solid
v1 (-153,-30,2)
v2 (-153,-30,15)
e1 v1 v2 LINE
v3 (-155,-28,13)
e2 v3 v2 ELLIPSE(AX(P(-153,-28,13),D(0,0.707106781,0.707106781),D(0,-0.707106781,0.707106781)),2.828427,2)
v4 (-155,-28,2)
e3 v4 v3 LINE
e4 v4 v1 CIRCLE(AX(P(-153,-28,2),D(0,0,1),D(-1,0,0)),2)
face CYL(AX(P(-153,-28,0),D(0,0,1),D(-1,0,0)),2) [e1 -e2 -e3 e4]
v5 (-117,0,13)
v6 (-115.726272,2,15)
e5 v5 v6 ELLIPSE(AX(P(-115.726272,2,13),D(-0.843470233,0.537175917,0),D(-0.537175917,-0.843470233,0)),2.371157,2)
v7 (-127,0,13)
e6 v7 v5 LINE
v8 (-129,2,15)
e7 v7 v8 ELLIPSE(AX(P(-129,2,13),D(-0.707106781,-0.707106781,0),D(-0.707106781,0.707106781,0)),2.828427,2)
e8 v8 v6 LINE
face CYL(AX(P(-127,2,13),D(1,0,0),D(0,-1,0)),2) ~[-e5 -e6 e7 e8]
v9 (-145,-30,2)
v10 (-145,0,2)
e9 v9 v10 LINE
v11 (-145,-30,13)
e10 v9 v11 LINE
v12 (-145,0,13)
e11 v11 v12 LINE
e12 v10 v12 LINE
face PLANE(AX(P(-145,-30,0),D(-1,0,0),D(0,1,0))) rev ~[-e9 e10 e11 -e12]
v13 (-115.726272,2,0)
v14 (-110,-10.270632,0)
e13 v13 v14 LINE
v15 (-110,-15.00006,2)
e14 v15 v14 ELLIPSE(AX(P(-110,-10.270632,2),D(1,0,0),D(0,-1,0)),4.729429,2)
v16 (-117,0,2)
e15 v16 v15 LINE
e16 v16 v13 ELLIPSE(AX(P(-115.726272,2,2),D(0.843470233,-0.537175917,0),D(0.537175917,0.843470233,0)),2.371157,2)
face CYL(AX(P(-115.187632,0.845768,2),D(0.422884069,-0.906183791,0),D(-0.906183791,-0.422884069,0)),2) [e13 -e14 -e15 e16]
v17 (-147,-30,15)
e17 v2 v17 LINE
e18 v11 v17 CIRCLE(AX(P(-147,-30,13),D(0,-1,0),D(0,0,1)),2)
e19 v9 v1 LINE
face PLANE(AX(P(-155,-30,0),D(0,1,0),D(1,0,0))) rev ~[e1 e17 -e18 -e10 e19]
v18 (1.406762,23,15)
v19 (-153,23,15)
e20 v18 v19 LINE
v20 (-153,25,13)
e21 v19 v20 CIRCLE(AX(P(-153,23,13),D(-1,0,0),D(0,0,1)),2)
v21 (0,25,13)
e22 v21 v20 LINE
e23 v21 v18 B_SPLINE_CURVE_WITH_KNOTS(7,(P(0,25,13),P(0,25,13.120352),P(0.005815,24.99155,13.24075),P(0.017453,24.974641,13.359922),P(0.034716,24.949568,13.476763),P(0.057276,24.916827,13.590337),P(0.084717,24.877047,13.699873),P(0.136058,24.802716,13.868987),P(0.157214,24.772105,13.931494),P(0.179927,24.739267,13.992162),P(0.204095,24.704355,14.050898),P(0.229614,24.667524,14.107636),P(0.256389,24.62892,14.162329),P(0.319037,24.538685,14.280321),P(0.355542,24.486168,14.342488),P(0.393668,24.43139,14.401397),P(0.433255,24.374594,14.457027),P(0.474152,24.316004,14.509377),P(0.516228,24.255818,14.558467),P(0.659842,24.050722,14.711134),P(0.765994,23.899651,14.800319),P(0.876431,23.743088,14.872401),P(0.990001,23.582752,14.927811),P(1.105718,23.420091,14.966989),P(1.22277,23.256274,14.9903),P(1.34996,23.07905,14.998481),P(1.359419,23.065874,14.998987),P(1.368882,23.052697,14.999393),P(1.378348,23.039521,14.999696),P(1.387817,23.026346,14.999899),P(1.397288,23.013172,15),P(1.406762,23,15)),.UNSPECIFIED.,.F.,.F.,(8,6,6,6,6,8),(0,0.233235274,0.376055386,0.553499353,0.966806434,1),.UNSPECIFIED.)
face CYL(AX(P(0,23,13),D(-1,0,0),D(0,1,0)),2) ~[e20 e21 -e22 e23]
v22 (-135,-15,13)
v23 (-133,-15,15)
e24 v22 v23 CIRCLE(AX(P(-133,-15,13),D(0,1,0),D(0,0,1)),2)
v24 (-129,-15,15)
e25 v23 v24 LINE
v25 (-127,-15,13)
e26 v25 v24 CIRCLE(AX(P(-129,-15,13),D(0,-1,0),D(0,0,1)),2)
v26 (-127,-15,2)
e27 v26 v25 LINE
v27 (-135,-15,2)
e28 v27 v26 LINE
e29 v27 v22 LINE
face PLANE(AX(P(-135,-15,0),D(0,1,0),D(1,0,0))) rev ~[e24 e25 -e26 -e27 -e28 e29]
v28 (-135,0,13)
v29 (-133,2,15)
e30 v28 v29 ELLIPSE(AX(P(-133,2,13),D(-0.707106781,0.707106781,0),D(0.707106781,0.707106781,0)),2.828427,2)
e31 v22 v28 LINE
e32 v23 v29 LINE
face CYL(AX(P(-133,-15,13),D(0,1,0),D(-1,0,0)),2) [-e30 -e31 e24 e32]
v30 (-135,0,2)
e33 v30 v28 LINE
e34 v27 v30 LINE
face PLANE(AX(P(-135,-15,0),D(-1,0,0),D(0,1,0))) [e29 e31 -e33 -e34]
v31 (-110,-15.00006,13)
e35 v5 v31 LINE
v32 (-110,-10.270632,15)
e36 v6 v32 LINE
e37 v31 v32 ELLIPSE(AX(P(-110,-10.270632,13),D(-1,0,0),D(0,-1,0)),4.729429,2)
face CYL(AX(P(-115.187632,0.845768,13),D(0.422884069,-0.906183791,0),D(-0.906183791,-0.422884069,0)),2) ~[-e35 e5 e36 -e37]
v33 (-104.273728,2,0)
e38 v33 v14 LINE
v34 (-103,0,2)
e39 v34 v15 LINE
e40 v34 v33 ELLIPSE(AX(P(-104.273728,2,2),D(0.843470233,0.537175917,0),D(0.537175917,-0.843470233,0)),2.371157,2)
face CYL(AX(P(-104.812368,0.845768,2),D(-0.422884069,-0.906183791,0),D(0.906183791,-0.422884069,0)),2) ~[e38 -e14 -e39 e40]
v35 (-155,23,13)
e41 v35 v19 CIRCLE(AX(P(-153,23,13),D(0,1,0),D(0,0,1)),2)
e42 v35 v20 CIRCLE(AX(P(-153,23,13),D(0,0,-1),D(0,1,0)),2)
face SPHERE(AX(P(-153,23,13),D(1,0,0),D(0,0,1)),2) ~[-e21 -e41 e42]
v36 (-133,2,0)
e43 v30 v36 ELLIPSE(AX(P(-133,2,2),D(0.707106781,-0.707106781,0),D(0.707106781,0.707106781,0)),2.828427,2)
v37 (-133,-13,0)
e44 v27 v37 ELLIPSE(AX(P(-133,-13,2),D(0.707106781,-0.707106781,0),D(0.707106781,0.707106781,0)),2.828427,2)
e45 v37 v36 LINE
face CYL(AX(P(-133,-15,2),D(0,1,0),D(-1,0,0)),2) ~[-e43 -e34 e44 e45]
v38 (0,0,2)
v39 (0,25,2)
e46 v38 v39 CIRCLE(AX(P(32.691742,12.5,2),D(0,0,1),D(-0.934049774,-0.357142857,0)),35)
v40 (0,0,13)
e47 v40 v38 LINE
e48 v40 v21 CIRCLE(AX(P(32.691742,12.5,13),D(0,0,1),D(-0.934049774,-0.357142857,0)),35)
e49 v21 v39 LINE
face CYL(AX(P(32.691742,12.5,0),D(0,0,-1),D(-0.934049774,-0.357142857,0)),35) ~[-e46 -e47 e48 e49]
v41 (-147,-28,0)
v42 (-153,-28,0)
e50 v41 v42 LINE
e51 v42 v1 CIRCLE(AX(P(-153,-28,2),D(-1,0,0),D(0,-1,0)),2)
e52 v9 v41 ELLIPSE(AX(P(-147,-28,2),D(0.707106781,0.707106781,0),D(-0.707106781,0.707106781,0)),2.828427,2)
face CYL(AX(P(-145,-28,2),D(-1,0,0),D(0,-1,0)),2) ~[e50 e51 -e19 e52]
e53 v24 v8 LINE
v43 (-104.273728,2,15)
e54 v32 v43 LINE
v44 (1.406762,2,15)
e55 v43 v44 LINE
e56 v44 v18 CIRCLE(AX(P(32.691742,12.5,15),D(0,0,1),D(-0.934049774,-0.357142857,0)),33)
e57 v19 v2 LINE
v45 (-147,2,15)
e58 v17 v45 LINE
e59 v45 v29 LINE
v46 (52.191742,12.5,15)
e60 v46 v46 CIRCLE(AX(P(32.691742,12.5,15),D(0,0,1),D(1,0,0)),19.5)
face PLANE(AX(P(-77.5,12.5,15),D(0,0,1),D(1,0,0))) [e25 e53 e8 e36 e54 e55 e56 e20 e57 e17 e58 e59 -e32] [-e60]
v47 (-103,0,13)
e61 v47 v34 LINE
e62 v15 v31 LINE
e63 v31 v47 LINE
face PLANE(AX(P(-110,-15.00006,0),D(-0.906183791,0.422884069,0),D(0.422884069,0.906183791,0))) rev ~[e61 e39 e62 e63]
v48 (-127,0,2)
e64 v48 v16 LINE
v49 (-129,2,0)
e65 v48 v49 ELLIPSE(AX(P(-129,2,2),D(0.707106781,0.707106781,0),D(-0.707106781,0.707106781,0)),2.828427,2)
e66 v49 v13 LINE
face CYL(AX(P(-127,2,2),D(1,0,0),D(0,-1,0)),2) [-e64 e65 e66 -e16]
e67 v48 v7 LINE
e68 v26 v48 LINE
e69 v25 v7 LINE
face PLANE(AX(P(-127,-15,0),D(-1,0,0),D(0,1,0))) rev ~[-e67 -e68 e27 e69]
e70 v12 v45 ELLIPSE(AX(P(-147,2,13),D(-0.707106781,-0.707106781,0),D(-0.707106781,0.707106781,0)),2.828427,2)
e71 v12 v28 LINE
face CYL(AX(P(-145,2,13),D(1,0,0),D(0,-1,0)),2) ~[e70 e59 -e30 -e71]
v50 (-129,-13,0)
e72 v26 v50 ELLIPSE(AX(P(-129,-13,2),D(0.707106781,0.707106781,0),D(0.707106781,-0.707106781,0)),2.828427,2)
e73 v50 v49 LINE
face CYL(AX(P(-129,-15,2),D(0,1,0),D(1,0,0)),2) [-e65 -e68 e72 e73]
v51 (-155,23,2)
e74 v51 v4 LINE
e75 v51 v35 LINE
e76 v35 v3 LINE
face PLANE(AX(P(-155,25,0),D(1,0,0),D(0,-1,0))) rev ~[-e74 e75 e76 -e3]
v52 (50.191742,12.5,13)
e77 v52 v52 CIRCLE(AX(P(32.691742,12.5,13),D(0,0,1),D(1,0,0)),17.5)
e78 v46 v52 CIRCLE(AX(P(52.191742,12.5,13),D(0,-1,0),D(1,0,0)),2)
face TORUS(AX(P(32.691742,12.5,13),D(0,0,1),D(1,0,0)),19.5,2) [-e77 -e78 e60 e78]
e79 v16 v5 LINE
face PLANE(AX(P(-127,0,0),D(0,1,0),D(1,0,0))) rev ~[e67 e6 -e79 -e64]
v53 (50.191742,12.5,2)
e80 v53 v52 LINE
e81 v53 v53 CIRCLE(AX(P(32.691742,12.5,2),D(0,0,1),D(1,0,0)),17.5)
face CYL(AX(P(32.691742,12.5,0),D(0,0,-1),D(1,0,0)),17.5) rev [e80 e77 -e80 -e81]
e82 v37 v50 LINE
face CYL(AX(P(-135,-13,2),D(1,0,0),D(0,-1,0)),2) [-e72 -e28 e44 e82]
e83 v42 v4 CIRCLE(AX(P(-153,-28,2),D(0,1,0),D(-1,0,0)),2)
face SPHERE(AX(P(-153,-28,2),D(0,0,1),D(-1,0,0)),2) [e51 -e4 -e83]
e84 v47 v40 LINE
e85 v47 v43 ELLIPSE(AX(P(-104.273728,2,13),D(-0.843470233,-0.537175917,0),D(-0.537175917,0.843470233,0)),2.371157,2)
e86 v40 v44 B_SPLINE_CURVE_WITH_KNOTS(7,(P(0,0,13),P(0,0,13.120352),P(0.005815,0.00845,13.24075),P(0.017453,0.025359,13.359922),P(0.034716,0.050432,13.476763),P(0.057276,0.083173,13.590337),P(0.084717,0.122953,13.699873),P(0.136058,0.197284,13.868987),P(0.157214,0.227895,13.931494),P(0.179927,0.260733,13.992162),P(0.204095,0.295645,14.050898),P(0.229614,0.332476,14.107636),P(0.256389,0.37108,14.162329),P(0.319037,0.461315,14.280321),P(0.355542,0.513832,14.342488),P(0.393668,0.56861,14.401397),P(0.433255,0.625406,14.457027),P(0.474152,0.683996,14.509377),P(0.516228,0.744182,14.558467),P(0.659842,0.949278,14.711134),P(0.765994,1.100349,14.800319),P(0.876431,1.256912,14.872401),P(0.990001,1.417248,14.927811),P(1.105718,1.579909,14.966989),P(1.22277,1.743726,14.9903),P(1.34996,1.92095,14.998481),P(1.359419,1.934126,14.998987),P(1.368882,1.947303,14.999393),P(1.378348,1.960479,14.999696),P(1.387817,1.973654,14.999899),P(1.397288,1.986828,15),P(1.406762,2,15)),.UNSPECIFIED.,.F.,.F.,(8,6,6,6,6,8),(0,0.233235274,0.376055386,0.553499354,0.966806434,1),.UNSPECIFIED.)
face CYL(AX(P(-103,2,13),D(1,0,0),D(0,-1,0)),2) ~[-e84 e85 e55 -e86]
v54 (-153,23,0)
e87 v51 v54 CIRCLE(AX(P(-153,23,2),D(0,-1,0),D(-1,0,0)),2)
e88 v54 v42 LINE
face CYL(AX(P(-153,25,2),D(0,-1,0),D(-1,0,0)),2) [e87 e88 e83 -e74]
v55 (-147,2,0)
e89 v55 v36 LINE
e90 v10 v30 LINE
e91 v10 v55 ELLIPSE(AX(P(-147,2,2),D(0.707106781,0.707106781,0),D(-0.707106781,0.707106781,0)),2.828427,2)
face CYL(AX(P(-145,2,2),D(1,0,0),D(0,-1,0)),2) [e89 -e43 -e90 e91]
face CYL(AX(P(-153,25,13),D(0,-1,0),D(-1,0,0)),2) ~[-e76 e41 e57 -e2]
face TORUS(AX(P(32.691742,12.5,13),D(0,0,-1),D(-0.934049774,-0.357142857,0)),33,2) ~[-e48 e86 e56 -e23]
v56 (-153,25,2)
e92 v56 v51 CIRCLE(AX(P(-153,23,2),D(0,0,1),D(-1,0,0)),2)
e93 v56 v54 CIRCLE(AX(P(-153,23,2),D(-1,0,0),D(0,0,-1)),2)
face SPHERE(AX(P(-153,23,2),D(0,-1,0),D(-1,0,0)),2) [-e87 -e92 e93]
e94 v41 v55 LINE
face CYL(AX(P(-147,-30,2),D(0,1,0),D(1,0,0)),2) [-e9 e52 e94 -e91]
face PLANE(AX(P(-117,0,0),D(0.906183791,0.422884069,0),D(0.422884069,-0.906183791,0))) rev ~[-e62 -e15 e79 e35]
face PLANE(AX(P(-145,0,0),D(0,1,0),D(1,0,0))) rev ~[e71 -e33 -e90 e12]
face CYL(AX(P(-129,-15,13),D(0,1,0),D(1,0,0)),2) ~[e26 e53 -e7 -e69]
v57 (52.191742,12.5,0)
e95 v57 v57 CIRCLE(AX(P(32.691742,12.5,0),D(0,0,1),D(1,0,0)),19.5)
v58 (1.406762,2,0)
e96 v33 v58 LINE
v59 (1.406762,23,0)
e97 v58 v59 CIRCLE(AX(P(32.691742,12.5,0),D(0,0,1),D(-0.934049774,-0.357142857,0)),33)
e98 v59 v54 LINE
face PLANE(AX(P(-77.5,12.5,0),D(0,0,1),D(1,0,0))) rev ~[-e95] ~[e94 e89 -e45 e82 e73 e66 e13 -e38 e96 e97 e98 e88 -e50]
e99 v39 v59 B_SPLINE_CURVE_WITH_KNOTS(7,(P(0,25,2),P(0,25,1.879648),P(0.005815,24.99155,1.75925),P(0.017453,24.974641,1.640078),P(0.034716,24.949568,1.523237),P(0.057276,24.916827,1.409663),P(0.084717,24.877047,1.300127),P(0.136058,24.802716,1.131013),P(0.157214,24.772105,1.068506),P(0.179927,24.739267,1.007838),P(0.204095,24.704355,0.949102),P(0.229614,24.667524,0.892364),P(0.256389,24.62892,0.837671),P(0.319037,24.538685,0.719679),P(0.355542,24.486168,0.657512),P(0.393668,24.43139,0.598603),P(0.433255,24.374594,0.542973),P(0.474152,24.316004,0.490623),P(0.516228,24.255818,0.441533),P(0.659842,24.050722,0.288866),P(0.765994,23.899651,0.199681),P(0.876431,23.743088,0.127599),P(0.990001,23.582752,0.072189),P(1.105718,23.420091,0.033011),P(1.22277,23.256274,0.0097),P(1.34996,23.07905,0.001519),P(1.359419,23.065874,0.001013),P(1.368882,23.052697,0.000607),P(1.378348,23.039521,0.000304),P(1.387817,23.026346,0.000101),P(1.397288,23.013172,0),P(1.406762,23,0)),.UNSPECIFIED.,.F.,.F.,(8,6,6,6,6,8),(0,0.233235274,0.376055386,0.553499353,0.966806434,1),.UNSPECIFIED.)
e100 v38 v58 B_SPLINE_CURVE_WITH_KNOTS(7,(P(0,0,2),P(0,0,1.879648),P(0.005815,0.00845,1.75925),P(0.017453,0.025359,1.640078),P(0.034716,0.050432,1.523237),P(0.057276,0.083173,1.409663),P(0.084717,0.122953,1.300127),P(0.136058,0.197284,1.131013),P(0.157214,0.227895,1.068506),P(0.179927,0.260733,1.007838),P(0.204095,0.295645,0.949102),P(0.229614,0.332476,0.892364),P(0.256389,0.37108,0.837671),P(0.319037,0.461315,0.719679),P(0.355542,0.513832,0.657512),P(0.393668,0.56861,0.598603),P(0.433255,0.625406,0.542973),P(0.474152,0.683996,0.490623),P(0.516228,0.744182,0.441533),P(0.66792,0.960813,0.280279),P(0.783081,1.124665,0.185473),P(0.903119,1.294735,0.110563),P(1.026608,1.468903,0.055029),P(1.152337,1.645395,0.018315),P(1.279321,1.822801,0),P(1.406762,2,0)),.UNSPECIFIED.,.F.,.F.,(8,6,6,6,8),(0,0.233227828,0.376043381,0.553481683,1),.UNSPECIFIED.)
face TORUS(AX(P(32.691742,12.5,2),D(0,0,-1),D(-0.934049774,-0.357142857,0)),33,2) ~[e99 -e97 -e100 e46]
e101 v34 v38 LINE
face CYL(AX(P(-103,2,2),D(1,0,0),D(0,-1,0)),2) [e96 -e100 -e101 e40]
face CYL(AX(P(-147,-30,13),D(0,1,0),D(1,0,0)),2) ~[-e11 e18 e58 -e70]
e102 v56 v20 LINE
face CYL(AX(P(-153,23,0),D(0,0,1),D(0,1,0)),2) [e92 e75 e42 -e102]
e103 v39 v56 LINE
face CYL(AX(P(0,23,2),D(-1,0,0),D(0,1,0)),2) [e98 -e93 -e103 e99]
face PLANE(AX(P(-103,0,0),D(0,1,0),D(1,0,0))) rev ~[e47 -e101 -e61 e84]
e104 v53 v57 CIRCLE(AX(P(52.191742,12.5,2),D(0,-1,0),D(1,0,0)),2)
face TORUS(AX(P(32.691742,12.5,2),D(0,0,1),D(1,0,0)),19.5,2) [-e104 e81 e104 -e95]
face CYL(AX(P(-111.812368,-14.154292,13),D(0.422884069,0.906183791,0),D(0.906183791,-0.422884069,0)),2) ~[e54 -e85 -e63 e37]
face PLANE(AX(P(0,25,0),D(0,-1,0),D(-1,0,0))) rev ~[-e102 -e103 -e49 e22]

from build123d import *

# Parameters (mm, degrees)
F0_R     = 17.5
F0_W     = 10
F0_H     = 30
F0_W_2   = 8
F0_H_2   = 15
F1_DEPTH = 15
F2_R     = 2
F3_DEPTH = 15
F4_R     = 2


with BuildPart() as f1:
    # F0 (on Top) → F1 (new body)
    with BuildSketch(Plane.XY):
        Polygon((0, 0), (0, 25), (-155, 25), (-155, 0), (-145, 0), (-135, 0), (-127, 0), (-117, 0), (-103, 0), align=None)
        with BuildLine():
            ThreePointArc((0, 0), (67.6917420766, 12.5), (0, 25))
            Line((0, 25), (0, 0))
        make_face()
        with Locations((32.6917420766, 12.5)):
            Circle(F0_R, mode=Mode.SUBTRACT)
        with Locations((-150, -15)):
            Rectangle(F0_W, F0_H)
        with Locations((-131, -7.5)):
            Rectangle(F0_W_2, F0_H_2)
        Polygon((-110, -15.0000602999), (-103, 0), (-117, 0), align=None)
    extrude(amount=F1_DEPTH)

    # F2
    f2_edges = [f1.edges().sort_by_distance(p)[0] for p in [
        (-77.5, 25, 15),
        (-77.5, 25, 0),
        (-155, -2.5, 0),
        (-155, -2.5, 15),
        (-51.5, 0, 0),
        (-150, -30, 15),
        (-145, -15, 15),
        (-140, 0, 15),
        (-135, -7.5, 15),
        (-131, -15, 15),
        (-127, -7.5, 15),
        (-122, 0, 15),
        (-113.5, -7.50003, 15),
        (-106.5, -7.50003, 15),
        (-51.5, 0, 15),
        (67.691742, 12.5, 15),
        (15.191742, 12.5, 15),
    ]]
    fillet(f2_edges, radius=F2_R)

    # F0 (on Top) → F3 (join)
    with BuildSketch(Plane.XY):
        Polygon((0, 0), (0, 25), (-155, 25), (-155, 0), (-145, 0), (-135, 0), (-127, 0), (-117, 0), (-103, 0), align=None)
        with BuildLine():
            ThreePointArc((0, 0), (67.6917420766, 12.5), (0, 25))
            Line((0, 25), (0, 0))
        make_face()
        with Locations((32.6917420766, 12.5)):
            Circle(F0_R, mode=Mode.SUBTRACT)
        with Locations((-150, -15)):
            Rectangle(F0_W, F0_H)
        Polygon((-110, -15.0000602999), (-103, 0), (-117, 0), align=None)
        with Locations((-131, -7.5)):
            Rectangle(F0_W_2, F0_H_2)
    extrude(amount=F3_DEPTH)

    # F4
    f4_edges = [f1.edges().sort_by_distance(p)[0] for p in [
        (-77.5, 25, 15),
        (-155, -2.5, 15),
        (-145, -15, 15),
        (-135, -7.5, 15),
        (-127, -7.5, 15),
        (-113.5, -7.50003, 15),
        (-106.5, -7.50003, 15),
        (-51.5, 0, 15),
        (-122, 0, 15),
        (-140, 0, 15),
        (-155, -30, 7.5),
        (-155, -2.5, 0),
        (-155, 25, 7.5),
        (67.691742, 12.5, 15),
        (15.191742, 12.5, 15),
        (15.191742, 12.5, 0),
        (67.691742, 12.5, 0),
        (-77.5, 25, 0),
        (-150, -30, 0),
        (-145, -15, 0),
        (-140, 0, 0),
        (-135, -7.5, 0),
        (-131, -15, 0),
        (-127, -7.5, 0),
        (-122, 0, 0),
        (-113.5, -7.50003, 0),
        (-106.5, -7.50003, 0),
        (-51.5, 0, 0),
    ]]
    fillet(f4_edges, radius=F4_R)


solid = f1.part
